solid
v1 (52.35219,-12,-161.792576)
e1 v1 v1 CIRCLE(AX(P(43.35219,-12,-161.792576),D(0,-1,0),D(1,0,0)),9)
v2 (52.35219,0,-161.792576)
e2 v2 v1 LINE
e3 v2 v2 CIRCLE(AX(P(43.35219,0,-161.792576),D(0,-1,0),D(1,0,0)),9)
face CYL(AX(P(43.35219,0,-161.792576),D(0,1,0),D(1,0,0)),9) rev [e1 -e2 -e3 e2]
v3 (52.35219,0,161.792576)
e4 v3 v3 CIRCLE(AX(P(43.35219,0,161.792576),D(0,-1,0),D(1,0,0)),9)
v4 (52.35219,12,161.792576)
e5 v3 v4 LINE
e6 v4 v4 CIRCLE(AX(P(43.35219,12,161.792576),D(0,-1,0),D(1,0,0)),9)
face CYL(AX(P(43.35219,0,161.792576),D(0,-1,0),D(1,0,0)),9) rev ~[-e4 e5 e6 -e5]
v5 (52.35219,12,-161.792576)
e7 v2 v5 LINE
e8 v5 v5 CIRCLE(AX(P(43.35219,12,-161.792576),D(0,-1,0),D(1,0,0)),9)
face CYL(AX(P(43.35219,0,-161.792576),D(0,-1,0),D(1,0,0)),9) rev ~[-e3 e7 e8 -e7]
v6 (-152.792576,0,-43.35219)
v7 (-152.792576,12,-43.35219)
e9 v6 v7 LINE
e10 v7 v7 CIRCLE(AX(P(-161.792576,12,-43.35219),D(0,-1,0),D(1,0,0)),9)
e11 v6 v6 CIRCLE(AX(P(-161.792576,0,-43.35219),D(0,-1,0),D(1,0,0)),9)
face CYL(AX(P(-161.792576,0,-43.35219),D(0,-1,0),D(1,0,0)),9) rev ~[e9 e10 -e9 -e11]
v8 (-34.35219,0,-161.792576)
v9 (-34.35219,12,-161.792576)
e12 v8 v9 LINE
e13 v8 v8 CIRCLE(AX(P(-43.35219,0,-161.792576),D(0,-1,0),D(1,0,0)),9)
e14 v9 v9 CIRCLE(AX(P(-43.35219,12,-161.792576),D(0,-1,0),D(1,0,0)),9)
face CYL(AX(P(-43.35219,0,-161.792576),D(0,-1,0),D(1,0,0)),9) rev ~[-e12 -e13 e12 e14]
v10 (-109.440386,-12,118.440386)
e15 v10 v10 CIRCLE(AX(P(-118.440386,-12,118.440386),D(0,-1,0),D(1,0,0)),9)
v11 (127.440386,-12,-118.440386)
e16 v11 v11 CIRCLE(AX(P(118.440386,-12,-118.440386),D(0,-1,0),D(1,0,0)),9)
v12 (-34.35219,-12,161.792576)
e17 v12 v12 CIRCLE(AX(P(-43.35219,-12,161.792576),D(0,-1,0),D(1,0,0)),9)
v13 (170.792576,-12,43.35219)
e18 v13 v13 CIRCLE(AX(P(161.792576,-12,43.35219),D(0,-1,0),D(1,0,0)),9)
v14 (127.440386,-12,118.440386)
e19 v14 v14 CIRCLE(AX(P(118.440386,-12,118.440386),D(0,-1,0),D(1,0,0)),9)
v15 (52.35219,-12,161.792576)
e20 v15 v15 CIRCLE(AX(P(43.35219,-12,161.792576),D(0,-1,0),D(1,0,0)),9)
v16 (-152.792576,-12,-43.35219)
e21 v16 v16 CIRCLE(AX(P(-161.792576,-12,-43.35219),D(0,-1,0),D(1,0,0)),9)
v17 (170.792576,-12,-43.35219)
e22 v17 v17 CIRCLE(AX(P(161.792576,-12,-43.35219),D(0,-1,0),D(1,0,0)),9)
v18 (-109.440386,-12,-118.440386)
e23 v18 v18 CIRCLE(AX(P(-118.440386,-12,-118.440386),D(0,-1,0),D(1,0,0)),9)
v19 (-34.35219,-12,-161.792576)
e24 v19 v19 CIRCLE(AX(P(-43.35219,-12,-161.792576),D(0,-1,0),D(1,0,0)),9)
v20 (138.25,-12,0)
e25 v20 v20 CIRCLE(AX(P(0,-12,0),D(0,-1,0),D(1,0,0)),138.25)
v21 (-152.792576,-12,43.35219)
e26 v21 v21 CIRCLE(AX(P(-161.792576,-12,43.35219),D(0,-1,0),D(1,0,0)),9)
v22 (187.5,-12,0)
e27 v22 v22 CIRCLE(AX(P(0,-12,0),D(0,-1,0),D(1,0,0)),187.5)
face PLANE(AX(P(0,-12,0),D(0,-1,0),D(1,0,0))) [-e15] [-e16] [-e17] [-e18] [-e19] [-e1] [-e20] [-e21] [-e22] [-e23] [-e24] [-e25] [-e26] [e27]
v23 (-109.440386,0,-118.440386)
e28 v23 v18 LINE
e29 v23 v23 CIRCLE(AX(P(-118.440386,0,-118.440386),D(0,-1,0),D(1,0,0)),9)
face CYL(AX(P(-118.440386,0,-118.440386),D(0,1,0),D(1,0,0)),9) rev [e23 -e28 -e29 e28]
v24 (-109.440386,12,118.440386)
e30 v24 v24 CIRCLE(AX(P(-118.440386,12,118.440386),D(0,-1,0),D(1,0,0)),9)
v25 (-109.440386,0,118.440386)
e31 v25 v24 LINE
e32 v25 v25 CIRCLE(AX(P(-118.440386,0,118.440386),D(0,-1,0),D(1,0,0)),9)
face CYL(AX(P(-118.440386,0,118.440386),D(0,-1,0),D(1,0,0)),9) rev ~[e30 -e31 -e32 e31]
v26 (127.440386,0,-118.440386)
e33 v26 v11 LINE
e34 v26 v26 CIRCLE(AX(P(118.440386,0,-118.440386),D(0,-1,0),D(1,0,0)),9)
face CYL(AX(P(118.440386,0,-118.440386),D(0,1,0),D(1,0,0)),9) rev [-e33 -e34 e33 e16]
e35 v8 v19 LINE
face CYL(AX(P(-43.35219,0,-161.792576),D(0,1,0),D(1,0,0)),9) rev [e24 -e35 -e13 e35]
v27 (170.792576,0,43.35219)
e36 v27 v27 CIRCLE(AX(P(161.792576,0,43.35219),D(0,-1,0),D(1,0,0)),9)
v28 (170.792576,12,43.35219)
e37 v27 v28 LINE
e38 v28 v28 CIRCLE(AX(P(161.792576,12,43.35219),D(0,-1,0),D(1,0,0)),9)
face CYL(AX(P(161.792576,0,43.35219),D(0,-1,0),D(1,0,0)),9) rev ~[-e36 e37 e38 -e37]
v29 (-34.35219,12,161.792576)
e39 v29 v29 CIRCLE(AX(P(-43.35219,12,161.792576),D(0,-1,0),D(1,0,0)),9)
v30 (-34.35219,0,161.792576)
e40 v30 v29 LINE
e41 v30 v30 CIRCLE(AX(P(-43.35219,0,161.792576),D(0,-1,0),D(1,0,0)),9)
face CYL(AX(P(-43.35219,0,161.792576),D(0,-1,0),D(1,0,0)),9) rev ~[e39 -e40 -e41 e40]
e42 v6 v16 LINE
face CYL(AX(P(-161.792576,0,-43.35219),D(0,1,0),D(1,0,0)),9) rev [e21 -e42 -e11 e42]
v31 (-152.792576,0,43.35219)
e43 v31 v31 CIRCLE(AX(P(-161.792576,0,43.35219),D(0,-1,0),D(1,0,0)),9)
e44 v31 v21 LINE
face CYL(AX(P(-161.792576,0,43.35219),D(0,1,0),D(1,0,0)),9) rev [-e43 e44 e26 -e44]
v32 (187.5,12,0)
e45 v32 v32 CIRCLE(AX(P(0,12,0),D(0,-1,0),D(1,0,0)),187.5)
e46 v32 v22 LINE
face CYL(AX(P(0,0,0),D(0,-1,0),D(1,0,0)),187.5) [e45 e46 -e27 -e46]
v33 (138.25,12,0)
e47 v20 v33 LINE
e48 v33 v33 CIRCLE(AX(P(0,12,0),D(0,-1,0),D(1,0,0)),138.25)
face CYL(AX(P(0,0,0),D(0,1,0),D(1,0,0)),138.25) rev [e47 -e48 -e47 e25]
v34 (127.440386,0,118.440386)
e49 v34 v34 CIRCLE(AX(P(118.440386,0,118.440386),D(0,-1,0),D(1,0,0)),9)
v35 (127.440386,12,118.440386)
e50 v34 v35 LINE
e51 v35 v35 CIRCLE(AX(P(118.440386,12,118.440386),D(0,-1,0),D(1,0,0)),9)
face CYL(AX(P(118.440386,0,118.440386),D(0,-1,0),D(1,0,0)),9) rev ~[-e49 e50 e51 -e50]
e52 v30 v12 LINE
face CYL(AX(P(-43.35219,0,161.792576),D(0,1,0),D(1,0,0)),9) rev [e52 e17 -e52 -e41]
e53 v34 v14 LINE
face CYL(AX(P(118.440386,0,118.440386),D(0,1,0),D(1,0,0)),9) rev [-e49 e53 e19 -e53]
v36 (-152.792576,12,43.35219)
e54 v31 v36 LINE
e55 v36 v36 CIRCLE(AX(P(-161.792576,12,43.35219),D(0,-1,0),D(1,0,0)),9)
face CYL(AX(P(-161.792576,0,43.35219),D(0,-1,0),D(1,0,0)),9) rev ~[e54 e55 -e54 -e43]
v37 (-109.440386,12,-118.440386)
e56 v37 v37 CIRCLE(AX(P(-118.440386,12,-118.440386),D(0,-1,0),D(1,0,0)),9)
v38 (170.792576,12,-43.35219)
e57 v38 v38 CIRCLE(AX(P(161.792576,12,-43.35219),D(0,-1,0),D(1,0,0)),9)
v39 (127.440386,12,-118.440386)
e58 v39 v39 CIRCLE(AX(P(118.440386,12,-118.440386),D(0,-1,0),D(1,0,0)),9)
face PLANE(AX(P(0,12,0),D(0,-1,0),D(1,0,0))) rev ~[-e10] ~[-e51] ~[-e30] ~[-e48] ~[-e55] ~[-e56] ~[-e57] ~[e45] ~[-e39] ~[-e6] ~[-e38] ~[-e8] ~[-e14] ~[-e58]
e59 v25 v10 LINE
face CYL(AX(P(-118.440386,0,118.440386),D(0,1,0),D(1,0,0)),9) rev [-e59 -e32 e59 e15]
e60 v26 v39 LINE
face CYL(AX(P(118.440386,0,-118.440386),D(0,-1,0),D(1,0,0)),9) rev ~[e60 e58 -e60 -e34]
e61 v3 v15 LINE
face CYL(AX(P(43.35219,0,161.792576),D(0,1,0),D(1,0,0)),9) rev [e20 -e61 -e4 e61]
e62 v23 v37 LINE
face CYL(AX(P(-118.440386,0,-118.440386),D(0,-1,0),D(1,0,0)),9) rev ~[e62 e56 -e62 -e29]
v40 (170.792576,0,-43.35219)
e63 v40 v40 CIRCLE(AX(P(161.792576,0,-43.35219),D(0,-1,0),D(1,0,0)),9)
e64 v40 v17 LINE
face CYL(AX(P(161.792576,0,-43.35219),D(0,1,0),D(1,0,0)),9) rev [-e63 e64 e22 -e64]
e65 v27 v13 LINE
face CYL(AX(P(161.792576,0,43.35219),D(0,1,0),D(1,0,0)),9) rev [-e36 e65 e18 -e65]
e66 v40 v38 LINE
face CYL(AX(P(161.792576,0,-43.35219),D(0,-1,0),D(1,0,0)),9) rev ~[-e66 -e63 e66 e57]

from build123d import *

# Parameters (mm, degrees)
F0_R          = 187.5
F0_R_2        = 138.25
F1_DEPTH      = 12
F2_R          = 9
F3_DEPTH      = 12
F3_DEPTH_BACK = 12


with BuildPart() as f1:
    # F0 (on Front) → F1 (new body, symmetric)
    with BuildSketch(Plane.XZ):
        Circle(F0_R)
        Circle(F0_R_2, mode=Mode.SUBTRACT)
    extrude(amount=F1_DEPTH, both=True)

    # F2 (on Front) → F3 (cut, two sides)
    with BuildSketch(Plane.XZ) as f3_sk:
        with Locations((43.3521900547, 161.7925759034)):
            Circle(F2_R)
        with Locations((-43.3521900547, 161.7925759034)):
            Circle(F2_R)
        with Locations((-118.4403858487, 118.4403858487)):
            Circle(F2_R)
        with Locations((-161.7925759034, 43.3521900547)):
            Circle(F2_R)
        with Locations((-161.7925759034, -43.3521900547)):
            Circle(F2_R)
        with Locations((-118.4403858487, -118.4403858487)):
            Circle(F2_R)
        with Locations((-43.3521900547, -161.7925759034)):
            Circle(F2_R)
        with Locations((43.3521900547, -161.7925759034)):
            Circle(F2_R)
        with Locations((118.4403858487, -118.4403858487)):
            Circle(F2_R)
        with Locations((161.7925759034, -43.3521900547)):
            Circle(F2_R)
        with Locations((161.7925759034, 43.3521900547)):
            Circle(F2_R)
        with Locations((118.4403858487, 118.4403858487)):
            Circle(F2_R)
    extrude(amount=-F3_DEPTH, mode=Mode.SUBTRACT)
    extrude(f3_sk.sketch, amount=F3_DEPTH_BACK, mode=Mode.SUBTRACT)


solid = f1.part
